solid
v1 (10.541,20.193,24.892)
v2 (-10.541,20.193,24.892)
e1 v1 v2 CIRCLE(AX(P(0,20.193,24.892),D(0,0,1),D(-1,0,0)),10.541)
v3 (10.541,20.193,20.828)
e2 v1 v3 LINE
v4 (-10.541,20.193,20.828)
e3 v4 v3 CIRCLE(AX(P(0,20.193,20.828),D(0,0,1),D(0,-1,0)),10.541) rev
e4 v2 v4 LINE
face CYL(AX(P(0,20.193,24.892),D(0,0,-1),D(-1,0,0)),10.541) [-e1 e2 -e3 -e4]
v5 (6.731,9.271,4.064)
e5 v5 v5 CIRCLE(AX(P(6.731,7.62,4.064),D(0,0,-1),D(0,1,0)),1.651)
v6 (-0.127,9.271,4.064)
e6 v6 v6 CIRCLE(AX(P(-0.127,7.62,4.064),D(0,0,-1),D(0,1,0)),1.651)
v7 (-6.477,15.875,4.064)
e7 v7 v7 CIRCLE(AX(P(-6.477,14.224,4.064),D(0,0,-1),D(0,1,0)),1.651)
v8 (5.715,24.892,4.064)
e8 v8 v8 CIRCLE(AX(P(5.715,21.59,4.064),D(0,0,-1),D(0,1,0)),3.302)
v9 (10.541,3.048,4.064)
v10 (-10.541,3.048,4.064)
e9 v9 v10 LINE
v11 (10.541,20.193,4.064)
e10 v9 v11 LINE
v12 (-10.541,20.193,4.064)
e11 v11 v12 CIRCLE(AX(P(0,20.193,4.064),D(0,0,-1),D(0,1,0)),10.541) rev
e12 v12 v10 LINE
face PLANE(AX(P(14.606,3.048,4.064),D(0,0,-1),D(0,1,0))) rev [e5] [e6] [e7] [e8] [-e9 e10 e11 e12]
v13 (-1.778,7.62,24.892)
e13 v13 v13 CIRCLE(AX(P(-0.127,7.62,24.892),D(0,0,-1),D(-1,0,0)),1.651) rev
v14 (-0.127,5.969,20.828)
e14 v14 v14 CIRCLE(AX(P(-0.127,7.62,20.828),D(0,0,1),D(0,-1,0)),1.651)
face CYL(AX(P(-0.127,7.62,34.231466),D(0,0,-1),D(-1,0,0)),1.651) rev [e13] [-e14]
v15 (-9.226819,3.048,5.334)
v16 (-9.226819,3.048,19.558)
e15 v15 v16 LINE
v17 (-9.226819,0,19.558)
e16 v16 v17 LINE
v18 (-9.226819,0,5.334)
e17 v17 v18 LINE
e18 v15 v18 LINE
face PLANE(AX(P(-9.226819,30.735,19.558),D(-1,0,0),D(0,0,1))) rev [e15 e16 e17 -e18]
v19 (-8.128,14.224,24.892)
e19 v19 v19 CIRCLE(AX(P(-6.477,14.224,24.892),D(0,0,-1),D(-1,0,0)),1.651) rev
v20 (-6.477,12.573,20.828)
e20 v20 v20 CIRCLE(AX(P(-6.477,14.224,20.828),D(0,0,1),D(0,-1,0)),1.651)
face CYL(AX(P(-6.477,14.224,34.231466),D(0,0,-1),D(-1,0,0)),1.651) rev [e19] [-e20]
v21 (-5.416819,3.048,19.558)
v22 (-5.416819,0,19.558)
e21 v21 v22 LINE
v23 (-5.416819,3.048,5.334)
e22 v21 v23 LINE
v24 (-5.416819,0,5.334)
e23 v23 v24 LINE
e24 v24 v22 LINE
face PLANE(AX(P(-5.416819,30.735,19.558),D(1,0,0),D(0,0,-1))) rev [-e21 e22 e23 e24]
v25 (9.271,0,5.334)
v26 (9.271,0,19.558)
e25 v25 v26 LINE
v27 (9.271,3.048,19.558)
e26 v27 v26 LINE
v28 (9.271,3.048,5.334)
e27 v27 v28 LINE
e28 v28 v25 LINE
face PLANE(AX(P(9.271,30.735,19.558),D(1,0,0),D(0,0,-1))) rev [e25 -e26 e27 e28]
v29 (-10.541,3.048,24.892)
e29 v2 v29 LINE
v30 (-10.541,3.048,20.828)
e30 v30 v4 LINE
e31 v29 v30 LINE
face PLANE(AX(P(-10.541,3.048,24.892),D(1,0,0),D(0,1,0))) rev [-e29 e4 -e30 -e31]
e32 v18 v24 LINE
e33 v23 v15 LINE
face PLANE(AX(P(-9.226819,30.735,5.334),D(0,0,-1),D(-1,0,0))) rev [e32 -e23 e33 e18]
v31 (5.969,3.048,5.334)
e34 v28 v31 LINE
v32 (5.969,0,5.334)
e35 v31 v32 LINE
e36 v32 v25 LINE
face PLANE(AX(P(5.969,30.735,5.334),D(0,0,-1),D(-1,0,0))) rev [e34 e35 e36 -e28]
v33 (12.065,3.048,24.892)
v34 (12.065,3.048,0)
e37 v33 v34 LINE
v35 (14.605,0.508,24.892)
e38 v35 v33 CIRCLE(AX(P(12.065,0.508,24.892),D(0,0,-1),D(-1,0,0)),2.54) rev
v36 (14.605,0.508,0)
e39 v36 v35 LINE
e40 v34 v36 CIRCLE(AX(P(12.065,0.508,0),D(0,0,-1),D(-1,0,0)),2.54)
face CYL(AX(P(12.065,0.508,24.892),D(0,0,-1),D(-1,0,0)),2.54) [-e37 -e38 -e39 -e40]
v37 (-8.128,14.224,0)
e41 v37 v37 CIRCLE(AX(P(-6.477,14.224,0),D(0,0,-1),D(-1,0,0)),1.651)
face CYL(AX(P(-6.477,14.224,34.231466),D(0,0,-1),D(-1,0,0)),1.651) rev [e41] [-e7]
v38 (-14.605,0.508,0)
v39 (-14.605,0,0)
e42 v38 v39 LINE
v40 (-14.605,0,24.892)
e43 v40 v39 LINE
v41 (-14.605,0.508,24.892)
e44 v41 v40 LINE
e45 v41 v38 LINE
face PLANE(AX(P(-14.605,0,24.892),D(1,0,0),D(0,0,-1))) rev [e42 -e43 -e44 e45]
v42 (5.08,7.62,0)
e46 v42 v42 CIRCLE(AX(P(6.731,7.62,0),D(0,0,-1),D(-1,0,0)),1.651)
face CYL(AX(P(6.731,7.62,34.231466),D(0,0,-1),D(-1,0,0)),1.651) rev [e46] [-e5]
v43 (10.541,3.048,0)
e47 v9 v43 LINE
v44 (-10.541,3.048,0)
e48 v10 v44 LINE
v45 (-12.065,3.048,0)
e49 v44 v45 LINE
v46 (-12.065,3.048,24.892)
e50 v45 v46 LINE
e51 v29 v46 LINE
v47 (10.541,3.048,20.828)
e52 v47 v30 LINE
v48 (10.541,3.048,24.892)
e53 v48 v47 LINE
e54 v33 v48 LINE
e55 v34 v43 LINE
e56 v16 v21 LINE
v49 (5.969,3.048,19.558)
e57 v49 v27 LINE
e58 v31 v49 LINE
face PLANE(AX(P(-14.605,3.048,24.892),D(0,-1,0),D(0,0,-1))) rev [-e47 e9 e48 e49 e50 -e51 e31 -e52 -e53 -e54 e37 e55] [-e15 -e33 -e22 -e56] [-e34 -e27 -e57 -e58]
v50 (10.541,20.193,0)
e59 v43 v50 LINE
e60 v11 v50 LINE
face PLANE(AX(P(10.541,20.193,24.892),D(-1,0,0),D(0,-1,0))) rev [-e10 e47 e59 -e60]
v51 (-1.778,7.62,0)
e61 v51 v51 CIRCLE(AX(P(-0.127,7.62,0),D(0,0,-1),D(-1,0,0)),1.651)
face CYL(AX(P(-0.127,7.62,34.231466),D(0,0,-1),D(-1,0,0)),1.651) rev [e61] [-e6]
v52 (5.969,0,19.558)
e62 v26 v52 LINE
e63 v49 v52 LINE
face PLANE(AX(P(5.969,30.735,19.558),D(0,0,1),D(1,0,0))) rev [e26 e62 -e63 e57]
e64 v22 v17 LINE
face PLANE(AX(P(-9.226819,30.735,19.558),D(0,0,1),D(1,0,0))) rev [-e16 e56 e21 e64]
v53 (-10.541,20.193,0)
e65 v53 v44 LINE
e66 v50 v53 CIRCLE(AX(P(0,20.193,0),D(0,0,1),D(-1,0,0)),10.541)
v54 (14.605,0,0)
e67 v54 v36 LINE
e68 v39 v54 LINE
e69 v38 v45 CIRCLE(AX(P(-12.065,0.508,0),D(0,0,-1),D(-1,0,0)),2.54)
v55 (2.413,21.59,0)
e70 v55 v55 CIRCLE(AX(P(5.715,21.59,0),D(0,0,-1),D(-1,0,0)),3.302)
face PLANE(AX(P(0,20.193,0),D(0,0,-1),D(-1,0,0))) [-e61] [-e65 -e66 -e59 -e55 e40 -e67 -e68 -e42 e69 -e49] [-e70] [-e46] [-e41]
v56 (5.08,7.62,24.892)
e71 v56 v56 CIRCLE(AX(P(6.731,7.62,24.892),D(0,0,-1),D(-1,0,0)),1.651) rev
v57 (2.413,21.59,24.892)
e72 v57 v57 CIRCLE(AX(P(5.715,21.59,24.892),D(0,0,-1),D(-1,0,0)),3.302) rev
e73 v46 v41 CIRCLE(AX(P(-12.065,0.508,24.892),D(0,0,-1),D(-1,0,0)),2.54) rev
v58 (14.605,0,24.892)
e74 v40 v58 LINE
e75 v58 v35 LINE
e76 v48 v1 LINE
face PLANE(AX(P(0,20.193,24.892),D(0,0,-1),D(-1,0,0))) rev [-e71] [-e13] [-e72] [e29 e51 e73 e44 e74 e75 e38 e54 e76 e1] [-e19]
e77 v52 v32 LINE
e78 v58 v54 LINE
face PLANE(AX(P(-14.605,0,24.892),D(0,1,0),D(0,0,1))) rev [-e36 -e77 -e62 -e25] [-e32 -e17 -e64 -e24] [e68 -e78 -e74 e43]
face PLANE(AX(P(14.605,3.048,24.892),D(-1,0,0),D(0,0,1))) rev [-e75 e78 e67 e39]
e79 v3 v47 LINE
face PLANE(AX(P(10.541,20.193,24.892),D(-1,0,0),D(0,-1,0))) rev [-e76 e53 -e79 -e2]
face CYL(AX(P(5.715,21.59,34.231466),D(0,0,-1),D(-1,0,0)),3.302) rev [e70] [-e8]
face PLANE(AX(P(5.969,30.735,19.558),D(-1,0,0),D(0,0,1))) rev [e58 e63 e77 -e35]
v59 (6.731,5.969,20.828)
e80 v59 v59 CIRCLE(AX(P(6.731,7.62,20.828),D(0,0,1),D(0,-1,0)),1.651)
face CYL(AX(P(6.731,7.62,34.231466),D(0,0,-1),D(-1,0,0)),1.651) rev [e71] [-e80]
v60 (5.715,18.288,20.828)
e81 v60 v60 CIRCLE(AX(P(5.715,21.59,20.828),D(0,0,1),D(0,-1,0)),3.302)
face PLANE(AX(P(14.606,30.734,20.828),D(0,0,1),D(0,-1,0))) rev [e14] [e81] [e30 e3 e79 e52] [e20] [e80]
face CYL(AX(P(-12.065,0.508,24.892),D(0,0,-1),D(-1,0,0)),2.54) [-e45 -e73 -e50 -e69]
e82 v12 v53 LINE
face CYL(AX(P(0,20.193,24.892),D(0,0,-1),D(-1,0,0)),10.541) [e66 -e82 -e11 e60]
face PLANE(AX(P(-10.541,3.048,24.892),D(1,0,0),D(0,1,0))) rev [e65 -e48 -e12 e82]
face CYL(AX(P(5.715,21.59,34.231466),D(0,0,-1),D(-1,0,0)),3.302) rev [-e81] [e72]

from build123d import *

# Parameters (mm, degrees)
BOSS_EXTRUDE1_DEPTH = 24.892
CUT_EXTRUDE1_REACH  = 27.146
SKETCH2_W           = 16.764
SKETCH2_H           = 27.686
SKETCH3_R           = 3.302
SKETCH3_R_2         = 1.651
CUT_EXTRUDE2_DEPTH  = 24.892
CUT_EXTRUDE3_REACH  = 32.734
SKETCH4_W           = 3.81
SKETCH4_H           = 14.224
SKETCH4_W_2         = 3.302
FILLET1_R           = 2.54


with BuildPart() as part:
    # Sketch1 → Boss-Extrude1 (new body)
    with BuildSketch(Plane.XY):
        with BuildLine():
            Line((-14.605, 0), (14.605, 0))
            Line((14.605, 0), (14.605, 3.048))
            Line((14.605, 3.048), (10.541, 3.048))
            Line((10.541, 3.048), (10.541, 20.193))
            ThreePointArc((10.541, 20.193), (0, 30.734), (-10.541, 20.193))
            Line((-10.541, 20.193), (-10.541, 3.048))
            Line((-10.541, 3.048), (-14.605, 3.048))
            Line((-14.605, 3.048), (-14.605, 0))
        make_face()
    extrude(amount=BOSS_EXTRUDE1_DEPTH)

    # Sketch2 → Cut-Extrude1 (cut, up to next)
    with BuildSketch(Plane.ZY.offset(10.541), mode=Mode.PRIVATE) as cut_extrude1_sk1:
        with Locations((12.446, 16.891)):
            Rectangle(SKETCH2_W, SKETCH2_H)
    cut_extrude1_tool1 = extrude(cut_extrude1_sk1.sketch, amount=-CUT_EXTRUDE1_REACH, mode=Mode.PRIVATE) & part.part
    add(cut_extrude1_tool1.solids().sort_by_distance((-10.541, 16.891, 12.446))[0], mode=Mode.SUBTRACT)

    # Sketch3 → Cut-Extrude2 (cut)
    with BuildSketch(Plane(origin=(0, 0, 0), x_dir=(-1, 0, 0), z_dir=(0, 0, -1))):
        with Locations((-5.715, 21.59)):
            Circle(SKETCH3_R)
        with Locations((-6.731, 7.62)):
            Circle(SKETCH3_R_2)
        with Locations((0.127, 7.62)):
            Circle(SKETCH3_R_2)
        with Locations((6.477, 14.224)):
            Circle(SKETCH3_R_2)
    extrude(amount=-CUT_EXTRUDE2_DEPTH, mode=Mode.SUBTRACT)

    # Sketch4 → Cut-Extrude3 (cut, up to next)
    with BuildSketch(Plane.XZ, mode=Mode.PRIVATE) as cut_extrude3_sk1:
        with Locations((-7.321818594, 12.446)):
            Rectangle(SKETCH4_W, SKETCH4_H)
    cut_extrude3_tool1 = extrude(cut_extrude3_sk1.sketch, amount=-CUT_EXTRUDE3_REACH, mode=Mode.PRIVATE) & part.part
    add(cut_extrude3_tool1.solids().sort_by_distance((-7.321819, 0, 12.446))[0], mode=Mode.SUBTRACT)
    # Sketch4 → Cut-Extrude3 (cut, up to next)
    with BuildSketch(Plane.XZ, mode=Mode.PRIVATE) as cut_extrude3_sk2:
        with Locations((7.62, 12.446)):
            Rectangle(SKETCH4_W_2, SKETCH4_H)
    cut_extrude3_tool2 = extrude(cut_extrude3_sk2.sketch, amount=-CUT_EXTRUDE3_REACH, mode=Mode.PRIVATE) & part.part
    add(cut_extrude3_tool2.solids().sort_by_distance((7.62, 0, 12.446))[0], mode=Mode.SUBTRACT)

    # Fillet1
    fillet1_edges = [part.edges().sort_by_distance(p)[0] for p in [
        (-14.605, 3.048, 12.446),
        (14.605, 3.048, 12.446),
    ]]
    fillet(fillet1_edges, radius=FILLET1_R)


solid = part.part
